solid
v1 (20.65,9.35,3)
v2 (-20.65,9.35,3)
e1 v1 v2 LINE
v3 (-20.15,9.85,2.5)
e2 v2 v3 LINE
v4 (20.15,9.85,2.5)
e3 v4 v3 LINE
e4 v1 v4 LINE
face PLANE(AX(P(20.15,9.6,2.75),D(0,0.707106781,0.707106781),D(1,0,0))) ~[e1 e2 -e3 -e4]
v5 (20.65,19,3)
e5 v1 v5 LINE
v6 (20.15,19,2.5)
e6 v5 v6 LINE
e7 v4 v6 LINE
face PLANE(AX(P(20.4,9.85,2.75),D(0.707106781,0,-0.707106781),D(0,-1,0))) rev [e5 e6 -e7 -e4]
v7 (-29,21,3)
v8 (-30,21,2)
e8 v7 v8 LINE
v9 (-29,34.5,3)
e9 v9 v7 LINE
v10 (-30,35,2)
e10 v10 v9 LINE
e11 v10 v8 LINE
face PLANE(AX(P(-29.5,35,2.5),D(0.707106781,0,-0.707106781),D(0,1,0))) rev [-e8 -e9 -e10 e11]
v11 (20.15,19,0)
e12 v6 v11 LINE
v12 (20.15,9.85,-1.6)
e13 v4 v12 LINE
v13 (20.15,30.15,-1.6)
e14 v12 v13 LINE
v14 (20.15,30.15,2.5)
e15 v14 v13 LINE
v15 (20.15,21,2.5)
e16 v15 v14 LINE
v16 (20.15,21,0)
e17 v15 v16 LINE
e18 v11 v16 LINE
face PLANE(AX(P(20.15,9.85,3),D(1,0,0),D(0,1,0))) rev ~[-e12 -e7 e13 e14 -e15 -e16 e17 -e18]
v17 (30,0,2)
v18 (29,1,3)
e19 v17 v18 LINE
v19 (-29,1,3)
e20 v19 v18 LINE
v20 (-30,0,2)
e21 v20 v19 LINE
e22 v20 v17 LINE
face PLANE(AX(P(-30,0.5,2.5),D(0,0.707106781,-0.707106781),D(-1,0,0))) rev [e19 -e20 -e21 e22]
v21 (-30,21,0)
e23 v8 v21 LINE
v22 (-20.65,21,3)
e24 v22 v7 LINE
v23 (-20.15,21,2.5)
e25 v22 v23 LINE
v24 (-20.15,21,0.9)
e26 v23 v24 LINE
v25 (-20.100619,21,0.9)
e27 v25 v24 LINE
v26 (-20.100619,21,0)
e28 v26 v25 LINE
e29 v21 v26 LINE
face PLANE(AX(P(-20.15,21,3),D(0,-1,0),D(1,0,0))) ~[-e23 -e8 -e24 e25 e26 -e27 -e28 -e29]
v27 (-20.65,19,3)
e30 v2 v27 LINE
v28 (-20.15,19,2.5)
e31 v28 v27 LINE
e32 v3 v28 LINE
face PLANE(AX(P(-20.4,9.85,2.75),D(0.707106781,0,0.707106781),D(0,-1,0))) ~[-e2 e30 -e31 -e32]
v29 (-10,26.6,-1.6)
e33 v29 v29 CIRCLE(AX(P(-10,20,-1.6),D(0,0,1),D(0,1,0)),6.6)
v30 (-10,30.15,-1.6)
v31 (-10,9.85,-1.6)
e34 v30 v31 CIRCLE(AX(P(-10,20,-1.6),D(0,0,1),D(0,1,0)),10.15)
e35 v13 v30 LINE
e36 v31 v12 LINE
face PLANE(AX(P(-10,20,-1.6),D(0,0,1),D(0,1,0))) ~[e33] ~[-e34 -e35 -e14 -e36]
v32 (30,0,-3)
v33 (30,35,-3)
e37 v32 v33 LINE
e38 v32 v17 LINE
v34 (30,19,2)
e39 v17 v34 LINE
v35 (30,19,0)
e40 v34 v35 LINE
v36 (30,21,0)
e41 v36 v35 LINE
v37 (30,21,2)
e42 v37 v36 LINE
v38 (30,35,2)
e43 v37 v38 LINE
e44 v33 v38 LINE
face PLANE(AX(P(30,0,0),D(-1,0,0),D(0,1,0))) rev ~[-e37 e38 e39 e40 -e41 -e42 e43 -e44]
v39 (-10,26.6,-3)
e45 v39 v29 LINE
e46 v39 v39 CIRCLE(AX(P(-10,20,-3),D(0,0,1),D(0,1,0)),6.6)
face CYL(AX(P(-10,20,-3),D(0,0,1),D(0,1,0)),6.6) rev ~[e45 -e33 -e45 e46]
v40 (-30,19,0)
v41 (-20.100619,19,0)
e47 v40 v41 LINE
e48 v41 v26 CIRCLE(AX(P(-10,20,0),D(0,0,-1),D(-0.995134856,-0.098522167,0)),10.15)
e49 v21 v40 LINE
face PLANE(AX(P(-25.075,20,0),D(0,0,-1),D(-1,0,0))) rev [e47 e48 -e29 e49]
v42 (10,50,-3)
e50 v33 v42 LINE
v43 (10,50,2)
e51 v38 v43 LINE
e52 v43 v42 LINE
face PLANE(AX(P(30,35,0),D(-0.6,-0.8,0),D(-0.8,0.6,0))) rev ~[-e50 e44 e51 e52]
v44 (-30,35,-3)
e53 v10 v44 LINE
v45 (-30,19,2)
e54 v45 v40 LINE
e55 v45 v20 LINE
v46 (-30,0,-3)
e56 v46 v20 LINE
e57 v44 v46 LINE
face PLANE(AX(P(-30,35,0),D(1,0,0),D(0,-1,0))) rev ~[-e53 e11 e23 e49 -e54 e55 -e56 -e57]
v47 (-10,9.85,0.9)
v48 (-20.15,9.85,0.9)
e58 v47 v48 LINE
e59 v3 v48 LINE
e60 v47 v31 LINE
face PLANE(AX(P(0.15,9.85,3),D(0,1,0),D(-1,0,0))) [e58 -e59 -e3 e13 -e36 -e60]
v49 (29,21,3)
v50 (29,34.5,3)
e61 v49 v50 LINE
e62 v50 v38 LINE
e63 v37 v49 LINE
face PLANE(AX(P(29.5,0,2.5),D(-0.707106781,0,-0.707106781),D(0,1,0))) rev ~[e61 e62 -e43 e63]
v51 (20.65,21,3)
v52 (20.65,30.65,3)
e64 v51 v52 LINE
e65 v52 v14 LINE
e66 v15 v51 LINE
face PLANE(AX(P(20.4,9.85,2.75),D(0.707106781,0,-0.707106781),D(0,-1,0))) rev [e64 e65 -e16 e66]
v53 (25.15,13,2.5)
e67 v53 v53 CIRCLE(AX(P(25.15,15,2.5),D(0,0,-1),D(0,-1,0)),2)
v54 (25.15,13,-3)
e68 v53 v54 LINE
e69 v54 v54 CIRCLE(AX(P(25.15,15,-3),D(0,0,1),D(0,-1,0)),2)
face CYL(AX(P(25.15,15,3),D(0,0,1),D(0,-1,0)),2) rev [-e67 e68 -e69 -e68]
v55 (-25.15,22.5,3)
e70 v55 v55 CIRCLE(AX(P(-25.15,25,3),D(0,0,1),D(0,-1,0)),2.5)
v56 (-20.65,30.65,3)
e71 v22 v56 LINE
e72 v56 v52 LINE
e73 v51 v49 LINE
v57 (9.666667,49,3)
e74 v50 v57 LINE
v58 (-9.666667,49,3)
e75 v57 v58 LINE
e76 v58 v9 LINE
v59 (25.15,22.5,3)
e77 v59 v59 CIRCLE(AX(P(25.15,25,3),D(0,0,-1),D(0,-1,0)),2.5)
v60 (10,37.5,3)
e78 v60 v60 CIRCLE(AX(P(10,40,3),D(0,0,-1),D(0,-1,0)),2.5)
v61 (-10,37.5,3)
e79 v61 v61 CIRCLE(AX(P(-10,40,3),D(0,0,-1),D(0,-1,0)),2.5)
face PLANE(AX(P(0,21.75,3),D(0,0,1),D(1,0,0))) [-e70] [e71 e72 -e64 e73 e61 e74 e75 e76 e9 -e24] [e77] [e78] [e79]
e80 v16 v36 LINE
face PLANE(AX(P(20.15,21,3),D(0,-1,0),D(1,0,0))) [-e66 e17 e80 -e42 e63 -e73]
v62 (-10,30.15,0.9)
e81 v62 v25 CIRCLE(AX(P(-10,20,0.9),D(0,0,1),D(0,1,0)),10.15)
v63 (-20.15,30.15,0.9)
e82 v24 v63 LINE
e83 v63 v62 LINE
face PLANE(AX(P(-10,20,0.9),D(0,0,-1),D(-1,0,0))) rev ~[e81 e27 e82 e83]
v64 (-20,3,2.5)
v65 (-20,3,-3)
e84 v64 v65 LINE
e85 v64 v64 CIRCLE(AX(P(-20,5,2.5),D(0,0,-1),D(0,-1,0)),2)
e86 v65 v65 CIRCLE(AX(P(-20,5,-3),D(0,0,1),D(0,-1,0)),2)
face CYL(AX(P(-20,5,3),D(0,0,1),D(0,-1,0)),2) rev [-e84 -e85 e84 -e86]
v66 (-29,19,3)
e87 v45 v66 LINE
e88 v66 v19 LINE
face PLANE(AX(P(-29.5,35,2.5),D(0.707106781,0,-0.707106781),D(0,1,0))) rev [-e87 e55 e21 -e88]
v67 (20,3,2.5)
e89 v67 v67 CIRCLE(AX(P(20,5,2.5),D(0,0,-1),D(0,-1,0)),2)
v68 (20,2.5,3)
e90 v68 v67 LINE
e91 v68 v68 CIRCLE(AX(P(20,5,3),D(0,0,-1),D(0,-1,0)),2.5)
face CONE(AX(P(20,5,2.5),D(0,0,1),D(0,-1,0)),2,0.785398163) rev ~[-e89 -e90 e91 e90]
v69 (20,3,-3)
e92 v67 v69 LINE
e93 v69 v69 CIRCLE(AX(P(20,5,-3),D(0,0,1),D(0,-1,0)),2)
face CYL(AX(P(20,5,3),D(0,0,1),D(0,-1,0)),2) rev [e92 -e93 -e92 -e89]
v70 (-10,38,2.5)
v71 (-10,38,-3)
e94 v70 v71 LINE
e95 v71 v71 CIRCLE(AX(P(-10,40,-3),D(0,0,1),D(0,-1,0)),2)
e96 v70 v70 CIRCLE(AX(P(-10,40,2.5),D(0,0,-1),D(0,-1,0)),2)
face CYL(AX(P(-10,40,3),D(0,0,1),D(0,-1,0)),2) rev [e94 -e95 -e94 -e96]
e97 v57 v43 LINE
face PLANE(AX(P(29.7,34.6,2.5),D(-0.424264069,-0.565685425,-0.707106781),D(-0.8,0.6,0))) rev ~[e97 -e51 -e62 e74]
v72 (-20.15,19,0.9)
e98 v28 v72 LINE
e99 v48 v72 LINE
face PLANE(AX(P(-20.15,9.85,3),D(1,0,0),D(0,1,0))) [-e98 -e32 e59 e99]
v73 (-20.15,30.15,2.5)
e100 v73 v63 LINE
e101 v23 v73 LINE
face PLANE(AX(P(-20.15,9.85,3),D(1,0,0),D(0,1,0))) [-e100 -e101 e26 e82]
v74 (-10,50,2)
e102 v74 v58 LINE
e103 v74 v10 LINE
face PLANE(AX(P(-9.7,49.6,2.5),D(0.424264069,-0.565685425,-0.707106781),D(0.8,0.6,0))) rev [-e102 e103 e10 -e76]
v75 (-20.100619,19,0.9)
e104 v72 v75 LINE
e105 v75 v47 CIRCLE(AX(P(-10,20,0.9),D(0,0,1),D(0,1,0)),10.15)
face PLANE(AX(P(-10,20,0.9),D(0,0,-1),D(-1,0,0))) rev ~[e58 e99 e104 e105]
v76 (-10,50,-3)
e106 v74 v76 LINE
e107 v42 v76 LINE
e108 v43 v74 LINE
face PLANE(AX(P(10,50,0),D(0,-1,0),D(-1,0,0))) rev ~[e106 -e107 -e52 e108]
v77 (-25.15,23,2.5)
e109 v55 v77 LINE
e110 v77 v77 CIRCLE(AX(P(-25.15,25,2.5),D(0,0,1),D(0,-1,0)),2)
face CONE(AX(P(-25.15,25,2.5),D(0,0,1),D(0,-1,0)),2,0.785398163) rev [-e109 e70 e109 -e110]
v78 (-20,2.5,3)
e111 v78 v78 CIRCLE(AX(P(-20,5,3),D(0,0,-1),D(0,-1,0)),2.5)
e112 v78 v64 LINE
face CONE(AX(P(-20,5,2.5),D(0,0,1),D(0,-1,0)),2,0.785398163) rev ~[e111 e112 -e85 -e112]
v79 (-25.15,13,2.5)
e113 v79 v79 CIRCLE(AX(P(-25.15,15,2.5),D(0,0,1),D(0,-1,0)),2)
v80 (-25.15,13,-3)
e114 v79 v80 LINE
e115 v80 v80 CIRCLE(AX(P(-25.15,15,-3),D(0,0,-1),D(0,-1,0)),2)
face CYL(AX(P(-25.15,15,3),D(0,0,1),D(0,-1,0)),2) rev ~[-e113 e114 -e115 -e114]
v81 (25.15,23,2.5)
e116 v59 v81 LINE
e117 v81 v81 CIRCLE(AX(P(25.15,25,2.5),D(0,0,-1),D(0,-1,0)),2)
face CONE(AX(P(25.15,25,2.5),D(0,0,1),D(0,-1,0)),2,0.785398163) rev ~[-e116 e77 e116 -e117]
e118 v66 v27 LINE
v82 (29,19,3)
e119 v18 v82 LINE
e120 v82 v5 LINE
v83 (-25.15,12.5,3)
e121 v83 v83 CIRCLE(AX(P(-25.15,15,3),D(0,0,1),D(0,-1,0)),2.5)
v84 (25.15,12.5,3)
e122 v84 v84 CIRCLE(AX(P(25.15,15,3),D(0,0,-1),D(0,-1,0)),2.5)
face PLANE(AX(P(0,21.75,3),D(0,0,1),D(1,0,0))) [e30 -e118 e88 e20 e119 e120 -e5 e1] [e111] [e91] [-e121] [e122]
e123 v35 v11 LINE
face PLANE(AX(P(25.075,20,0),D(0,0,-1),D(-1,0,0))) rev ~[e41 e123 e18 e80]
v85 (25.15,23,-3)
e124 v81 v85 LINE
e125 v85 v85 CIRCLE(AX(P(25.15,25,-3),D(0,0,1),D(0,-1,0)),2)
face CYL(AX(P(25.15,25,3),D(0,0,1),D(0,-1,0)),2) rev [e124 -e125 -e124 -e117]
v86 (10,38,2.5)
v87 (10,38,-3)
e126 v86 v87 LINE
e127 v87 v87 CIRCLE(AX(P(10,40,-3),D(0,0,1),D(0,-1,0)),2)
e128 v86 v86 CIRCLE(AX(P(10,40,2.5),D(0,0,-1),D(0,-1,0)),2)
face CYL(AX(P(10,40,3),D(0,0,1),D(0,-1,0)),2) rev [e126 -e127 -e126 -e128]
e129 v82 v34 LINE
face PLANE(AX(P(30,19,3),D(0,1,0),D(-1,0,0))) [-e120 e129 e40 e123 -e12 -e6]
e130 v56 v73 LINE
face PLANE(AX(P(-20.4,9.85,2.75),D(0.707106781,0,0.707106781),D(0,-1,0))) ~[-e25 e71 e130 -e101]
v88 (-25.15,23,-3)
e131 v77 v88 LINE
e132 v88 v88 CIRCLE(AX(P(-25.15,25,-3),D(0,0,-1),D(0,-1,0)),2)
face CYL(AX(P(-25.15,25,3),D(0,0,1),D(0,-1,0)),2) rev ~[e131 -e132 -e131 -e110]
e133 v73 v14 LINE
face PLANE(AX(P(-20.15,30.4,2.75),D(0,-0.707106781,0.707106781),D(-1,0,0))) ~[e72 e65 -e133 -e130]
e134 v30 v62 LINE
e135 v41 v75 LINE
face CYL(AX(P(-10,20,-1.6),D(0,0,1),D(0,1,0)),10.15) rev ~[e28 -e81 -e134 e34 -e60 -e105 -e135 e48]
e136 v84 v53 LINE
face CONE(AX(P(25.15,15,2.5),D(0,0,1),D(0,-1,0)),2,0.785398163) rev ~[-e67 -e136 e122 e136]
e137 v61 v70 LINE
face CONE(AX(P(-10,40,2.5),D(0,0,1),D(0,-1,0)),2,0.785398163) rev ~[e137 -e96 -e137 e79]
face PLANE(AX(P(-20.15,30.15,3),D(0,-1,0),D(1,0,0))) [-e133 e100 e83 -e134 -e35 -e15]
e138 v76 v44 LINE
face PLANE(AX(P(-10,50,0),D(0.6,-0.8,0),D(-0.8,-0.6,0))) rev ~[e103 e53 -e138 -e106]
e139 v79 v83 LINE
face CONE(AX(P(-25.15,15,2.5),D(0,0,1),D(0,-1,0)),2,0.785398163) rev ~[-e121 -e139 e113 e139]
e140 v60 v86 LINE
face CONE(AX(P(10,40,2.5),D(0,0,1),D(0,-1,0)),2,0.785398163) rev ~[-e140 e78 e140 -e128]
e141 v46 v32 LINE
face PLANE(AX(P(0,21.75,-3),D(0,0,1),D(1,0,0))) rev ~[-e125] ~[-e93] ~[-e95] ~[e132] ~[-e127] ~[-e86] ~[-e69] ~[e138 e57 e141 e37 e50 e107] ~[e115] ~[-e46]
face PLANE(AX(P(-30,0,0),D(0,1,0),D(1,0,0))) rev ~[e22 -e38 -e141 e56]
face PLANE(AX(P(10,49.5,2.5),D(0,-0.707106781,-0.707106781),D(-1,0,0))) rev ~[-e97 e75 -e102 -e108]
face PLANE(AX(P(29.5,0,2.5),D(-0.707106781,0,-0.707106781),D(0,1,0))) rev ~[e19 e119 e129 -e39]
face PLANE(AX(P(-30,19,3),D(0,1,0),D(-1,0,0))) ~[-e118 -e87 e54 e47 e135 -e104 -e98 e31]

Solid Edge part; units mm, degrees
sketch "Sketch1" plane through (0, 0, 0) normal (0, 0, 1) x (1, 0, 0)
  line L0 (-30, 35) -> (-30, 0)
  line L1 (-30, 0) -> (30, 0)
  line L2 (30, 0) -> (30, 35)
  line L3 (30, 35) -> (10, 50)
  line L4 (10, 50) -> (-10, 50)
  line L5 (-10, 50) -> (-30, 35)
  dimension "D1" = 50
  dimension "D2" = 35
  dimension "D3" = 60
  dimension "D4" = 10
extrude "Protrusion1" add sketch "Sketch1" along normal mid plane 6
chamfer "Chamfer_1" distance 1 angle 45 6 edges at (-30, 17.5, 3) (0, 0, 3) (-20, 42.5, 3) (0, 50, 3) (20, 42.5, 3) (30, 17.5, 3)
hole "Hole_1" at (10, 40, 3) direction (0, 0, -1) diameter 4 end up to next
hole "Hole1" at (-10, 40, 3) direction (0, 0, -1) diameter 4 end up to next
hole "Hole2" at (20, 5, 3) direction (0, 0, -1) diameter 4 end up to next
hole "Hole3" at (-20, 5, 3) direction (0, 0, -1) diameter 4 end up to next
sketch "Sketch2" plane through (-10, 0, 0) normal (1, 0, 0) x (0, 1, 0)
  line L0 (30.15, 3) -> (20, 3)
  line L1 (30.15, -1.6) -> (30.15, 3)
  line L2 (26.6, -1.6) -> (30.15, -1.6)
  line L3 (26.6, -3) -> (26.6, -1.6)
  line L4 (20, -3) -> (26.6, -3)
  dimension "D1" = 20
  dimension "D2" = 1.4
revolve "RevolvedCutout1" cut sketch "Sketch2" angle 360 about axis through (-10, 20, -3) along (0, 0, 1)
sketch "Sketch3" plane through (0, 25, 3) normal (0, 0, 1) x (1, 0, 0)
  line L0 (-10, -15.15) -> (20.15, -15.15)
  line L1 (20.15, -15.15) -> (20.15, 5.15)
  line L2 (20.15, 5.15) -> (-10, 5.15)
  line L3 (-10, 5.15) -> (-10, -15.15)
  dimension "D1" = 30.15
extrude "Cutout1" cut sketch "Sketch3" against normal up to vertex (4.6 mm away)
sketch "Sketch4" plane through (0, 25, 3) normal (0, 0, 1) x (1, 0, 0)
  line L0 (0.15, -15.15) -> (-20.15, -15.15)
  line L1 (-20.15, -15.15) -> (-20.15, 5.15)
  line L2 (-20.15, 5.15) -> (0.15, 5.15)
  line L3 (0.15, 5.15) -> (0.15, -15.15)
extrude "Cutout2" cut sketch "Sketch4" against normal blind 2.1
hole "Hole_5" at (25.15, 25, 3) direction (0, 0, -1) diameter 4 end up to next
hole "Hole4" at (25.15, 15, 3) direction (0, 0, -1) diameter 4 end up to next
chamfer "Chamfer_2" distance 0.5 angle 45 10 edges at (-10, 42, 3) (10, 42, 3) (25.15, 27, 3) (25.15, 17, 3) (20, 7, 3) (-20, 7, 3) (0, 30.15, 3) (20.15, 20, 3) (0, 9.85, 3) (-20.15, 20, 3)
sketch "Sketch5" plane through (0, 25, 3) normal (0, 0, 1) x (1, 0, 0)
  line L0 (20.15, -4) -> (30, -4)
  line L1 (30, -4) -> (30, -6)
  line L2 (30, -6) -> (20.15, -6)
  line L3 (20.15, -6) -> (20.15, -4)
  dimension "D1" = 2
extrude "ExtrudedCutout_3" cut sketch "Sketch5" against normal blind 3
mirror "Mirror1" about plane through (0, 0, 0) normal (1, 0, 0) of "Hole_5", "Hole4", "ExtrudedCutout_3"
chamfer "Chamfer1" distance 0.5 angle 45 2 edges at (-25.15, 27, 3) (-25.15, 17, 3)
sketch "Sketch6" plane through (0, 25, 3) normal (0, 0, 1) x (1, 0, 0)
  line L0 (-30, -6) -> (-30, -4)
  line L1 (-30, -4) -> (-18, -4)
  line L2 (-18, -4) -> (-18, -6)
  line L3 (-18, -6) -> (-30, -6)
  dimension "D1" = 2
  dimension "D2" = 12
extrude "ExtrudedCutout_5" cut sketch "Sketch6" against normal blind 3
properties material "Polyethylene, low density"
